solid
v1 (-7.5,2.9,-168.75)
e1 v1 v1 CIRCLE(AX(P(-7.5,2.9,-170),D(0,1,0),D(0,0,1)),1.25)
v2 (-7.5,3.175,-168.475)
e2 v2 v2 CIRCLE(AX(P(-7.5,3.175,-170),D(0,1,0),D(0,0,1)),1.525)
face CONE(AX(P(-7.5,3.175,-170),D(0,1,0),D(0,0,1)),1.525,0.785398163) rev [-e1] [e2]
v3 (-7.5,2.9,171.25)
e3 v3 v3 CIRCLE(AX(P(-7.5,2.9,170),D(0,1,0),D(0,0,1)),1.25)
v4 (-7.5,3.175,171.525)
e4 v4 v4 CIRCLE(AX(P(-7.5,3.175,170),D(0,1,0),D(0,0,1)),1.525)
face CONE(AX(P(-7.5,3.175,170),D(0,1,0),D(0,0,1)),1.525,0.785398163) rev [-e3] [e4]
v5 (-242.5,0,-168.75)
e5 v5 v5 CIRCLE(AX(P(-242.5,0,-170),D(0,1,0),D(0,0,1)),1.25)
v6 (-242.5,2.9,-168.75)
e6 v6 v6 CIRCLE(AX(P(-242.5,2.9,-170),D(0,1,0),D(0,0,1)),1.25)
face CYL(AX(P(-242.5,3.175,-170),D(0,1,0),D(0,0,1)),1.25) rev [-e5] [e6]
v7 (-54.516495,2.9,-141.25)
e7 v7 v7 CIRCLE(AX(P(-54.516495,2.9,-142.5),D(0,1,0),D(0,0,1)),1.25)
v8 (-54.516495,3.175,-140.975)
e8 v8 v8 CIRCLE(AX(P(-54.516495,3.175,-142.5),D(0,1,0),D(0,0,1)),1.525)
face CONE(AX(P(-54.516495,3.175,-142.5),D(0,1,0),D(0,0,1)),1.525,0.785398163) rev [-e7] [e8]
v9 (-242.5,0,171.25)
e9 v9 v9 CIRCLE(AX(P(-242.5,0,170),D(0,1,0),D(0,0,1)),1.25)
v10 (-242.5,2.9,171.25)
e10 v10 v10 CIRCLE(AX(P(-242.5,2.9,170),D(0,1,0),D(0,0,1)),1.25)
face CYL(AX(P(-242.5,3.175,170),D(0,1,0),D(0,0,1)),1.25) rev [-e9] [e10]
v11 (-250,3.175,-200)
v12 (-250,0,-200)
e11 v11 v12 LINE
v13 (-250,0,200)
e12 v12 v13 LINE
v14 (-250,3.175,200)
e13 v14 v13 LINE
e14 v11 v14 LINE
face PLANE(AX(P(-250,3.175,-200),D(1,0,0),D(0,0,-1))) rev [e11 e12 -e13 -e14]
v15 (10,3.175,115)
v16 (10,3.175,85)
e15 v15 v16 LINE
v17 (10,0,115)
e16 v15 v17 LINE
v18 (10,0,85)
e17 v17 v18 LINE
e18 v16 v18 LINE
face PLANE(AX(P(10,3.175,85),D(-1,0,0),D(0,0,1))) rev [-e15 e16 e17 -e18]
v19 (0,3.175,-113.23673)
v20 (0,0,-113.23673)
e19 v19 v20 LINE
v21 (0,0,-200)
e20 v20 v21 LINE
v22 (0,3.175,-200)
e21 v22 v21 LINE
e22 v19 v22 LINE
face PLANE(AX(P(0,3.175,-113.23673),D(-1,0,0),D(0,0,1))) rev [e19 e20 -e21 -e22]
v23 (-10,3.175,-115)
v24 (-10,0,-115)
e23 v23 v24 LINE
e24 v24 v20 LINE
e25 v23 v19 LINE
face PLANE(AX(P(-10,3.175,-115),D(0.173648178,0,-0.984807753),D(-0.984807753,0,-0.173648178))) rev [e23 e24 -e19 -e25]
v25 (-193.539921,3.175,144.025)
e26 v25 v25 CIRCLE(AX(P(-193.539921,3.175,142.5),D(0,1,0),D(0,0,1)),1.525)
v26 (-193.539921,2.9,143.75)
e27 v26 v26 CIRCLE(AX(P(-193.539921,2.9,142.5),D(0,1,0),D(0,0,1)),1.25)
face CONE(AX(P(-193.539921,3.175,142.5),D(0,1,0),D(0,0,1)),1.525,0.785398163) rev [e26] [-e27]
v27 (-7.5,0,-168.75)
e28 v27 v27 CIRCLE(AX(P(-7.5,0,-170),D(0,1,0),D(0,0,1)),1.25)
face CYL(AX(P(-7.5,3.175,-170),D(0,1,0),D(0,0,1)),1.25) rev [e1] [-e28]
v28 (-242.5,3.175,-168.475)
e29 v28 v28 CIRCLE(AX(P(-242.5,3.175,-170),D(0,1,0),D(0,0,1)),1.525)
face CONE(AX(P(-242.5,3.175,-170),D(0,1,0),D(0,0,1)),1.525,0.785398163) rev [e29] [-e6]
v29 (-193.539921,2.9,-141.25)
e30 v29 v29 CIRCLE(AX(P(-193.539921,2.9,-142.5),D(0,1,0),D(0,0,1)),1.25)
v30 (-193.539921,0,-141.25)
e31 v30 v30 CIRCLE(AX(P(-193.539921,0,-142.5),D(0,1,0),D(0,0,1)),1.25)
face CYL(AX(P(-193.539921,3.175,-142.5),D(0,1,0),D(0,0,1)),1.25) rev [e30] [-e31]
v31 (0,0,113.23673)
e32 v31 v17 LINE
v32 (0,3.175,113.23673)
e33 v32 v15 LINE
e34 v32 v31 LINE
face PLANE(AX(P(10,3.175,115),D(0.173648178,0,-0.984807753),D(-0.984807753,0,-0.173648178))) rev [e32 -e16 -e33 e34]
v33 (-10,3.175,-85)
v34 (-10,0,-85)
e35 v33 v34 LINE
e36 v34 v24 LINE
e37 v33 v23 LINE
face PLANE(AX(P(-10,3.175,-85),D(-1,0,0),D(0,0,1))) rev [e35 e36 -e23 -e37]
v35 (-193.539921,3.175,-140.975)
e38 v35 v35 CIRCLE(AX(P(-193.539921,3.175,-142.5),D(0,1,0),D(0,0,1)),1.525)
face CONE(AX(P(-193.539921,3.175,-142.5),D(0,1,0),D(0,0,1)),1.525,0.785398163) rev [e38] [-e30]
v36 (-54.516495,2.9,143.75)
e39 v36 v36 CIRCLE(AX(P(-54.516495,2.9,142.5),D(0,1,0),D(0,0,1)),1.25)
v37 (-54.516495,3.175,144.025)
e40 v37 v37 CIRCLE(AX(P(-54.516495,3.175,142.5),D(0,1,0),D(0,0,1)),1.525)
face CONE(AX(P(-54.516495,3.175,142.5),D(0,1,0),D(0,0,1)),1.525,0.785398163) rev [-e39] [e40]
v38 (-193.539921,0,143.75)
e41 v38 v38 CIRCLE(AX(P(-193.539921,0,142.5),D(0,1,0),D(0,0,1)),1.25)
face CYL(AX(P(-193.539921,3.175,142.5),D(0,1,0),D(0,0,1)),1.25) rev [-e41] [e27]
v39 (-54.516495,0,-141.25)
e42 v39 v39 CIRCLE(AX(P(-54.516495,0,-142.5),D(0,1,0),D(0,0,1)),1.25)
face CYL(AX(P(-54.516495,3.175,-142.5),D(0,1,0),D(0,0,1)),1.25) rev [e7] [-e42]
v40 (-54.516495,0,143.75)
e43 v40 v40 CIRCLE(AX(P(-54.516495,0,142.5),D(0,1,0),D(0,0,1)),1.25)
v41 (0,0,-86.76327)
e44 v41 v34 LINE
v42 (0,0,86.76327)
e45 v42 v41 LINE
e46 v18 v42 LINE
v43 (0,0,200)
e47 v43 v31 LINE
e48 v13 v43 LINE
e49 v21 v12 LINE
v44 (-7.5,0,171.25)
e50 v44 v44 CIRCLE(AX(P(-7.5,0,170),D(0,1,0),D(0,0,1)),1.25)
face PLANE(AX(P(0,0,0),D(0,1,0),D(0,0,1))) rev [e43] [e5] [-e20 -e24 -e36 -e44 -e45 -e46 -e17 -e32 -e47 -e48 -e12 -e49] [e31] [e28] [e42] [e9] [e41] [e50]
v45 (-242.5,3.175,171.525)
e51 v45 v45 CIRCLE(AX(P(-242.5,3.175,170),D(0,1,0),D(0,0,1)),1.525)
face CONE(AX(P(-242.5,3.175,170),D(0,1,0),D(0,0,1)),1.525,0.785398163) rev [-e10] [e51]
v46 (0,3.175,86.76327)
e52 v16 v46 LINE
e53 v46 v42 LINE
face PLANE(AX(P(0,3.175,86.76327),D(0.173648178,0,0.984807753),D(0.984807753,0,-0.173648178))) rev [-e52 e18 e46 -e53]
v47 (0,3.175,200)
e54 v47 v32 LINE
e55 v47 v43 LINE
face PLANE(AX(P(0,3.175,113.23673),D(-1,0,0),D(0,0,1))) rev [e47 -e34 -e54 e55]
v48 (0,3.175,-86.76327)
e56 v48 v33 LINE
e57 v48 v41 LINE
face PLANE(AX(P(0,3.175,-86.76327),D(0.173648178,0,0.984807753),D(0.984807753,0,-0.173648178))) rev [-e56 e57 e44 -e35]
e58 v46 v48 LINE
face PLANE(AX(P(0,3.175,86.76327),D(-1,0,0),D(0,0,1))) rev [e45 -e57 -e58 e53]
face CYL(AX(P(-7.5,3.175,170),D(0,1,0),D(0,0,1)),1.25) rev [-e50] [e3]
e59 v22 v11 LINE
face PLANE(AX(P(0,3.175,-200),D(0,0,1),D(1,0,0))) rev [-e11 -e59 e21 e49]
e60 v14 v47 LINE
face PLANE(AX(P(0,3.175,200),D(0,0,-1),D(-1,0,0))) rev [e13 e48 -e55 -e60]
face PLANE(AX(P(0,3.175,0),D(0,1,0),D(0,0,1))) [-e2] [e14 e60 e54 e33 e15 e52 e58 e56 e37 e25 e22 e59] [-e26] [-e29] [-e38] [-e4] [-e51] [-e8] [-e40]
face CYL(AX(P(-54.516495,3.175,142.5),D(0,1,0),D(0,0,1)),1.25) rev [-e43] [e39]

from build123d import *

# Parameters (mm, degrees)
BOSS_EXTRUDE1_DEPTH             = 3.175
M3X0_5_TAPPED_HOLE1_D           = 2.5
M3X0_5_TAPPED_HOLE1_CSINK_D     = 3.05
M3X0_5_TAPPED_HOLE1_CSINK_ANGLE = 90


with BuildPart() as part:
    # Sketch1 → Boss-Extrude1 (new body)
    with BuildSketch(Plane(origin=(0, 0, 0), x_dir=(1, 0, 0), z_dir=(0, 1, 0))):
        Polygon((0, 86.763269807), (-10, 85), (-10, 115), (0, 113.236730193), (0, 200), (-250, 200), (-250, -200), (0, -200), (0, -113.236730193), (10, -115), (10, -85), (0, -86.763269807), align=None)
    extrude(amount=BOSS_EXTRUDE1_DEPTH)

    # M3x0.5 Tapped Hole1 (through all)
    with Locations(Plane(origin=(0, 3.175, 0), x_dir=(1, 0, 0), z_dir=(0, 1, 0))):
        with Locations((-193.539921074, 142.5), (-193.539921074, -142.5), (-54.516495305, 142.5), (-54.516495305, -142.5), (-242.5, -170), (-242.5, 170), (-7.5, -170), (-7.5, 170)):
            CounterSinkHole(M3X0_5_TAPPED_HOLE1_D / 2, M3X0_5_TAPPED_HOLE1_CSINK_D / 2, counter_sink_angle=M3X0_5_TAPPED_HOLE1_CSINK_ANGLE)


solid = part.part
